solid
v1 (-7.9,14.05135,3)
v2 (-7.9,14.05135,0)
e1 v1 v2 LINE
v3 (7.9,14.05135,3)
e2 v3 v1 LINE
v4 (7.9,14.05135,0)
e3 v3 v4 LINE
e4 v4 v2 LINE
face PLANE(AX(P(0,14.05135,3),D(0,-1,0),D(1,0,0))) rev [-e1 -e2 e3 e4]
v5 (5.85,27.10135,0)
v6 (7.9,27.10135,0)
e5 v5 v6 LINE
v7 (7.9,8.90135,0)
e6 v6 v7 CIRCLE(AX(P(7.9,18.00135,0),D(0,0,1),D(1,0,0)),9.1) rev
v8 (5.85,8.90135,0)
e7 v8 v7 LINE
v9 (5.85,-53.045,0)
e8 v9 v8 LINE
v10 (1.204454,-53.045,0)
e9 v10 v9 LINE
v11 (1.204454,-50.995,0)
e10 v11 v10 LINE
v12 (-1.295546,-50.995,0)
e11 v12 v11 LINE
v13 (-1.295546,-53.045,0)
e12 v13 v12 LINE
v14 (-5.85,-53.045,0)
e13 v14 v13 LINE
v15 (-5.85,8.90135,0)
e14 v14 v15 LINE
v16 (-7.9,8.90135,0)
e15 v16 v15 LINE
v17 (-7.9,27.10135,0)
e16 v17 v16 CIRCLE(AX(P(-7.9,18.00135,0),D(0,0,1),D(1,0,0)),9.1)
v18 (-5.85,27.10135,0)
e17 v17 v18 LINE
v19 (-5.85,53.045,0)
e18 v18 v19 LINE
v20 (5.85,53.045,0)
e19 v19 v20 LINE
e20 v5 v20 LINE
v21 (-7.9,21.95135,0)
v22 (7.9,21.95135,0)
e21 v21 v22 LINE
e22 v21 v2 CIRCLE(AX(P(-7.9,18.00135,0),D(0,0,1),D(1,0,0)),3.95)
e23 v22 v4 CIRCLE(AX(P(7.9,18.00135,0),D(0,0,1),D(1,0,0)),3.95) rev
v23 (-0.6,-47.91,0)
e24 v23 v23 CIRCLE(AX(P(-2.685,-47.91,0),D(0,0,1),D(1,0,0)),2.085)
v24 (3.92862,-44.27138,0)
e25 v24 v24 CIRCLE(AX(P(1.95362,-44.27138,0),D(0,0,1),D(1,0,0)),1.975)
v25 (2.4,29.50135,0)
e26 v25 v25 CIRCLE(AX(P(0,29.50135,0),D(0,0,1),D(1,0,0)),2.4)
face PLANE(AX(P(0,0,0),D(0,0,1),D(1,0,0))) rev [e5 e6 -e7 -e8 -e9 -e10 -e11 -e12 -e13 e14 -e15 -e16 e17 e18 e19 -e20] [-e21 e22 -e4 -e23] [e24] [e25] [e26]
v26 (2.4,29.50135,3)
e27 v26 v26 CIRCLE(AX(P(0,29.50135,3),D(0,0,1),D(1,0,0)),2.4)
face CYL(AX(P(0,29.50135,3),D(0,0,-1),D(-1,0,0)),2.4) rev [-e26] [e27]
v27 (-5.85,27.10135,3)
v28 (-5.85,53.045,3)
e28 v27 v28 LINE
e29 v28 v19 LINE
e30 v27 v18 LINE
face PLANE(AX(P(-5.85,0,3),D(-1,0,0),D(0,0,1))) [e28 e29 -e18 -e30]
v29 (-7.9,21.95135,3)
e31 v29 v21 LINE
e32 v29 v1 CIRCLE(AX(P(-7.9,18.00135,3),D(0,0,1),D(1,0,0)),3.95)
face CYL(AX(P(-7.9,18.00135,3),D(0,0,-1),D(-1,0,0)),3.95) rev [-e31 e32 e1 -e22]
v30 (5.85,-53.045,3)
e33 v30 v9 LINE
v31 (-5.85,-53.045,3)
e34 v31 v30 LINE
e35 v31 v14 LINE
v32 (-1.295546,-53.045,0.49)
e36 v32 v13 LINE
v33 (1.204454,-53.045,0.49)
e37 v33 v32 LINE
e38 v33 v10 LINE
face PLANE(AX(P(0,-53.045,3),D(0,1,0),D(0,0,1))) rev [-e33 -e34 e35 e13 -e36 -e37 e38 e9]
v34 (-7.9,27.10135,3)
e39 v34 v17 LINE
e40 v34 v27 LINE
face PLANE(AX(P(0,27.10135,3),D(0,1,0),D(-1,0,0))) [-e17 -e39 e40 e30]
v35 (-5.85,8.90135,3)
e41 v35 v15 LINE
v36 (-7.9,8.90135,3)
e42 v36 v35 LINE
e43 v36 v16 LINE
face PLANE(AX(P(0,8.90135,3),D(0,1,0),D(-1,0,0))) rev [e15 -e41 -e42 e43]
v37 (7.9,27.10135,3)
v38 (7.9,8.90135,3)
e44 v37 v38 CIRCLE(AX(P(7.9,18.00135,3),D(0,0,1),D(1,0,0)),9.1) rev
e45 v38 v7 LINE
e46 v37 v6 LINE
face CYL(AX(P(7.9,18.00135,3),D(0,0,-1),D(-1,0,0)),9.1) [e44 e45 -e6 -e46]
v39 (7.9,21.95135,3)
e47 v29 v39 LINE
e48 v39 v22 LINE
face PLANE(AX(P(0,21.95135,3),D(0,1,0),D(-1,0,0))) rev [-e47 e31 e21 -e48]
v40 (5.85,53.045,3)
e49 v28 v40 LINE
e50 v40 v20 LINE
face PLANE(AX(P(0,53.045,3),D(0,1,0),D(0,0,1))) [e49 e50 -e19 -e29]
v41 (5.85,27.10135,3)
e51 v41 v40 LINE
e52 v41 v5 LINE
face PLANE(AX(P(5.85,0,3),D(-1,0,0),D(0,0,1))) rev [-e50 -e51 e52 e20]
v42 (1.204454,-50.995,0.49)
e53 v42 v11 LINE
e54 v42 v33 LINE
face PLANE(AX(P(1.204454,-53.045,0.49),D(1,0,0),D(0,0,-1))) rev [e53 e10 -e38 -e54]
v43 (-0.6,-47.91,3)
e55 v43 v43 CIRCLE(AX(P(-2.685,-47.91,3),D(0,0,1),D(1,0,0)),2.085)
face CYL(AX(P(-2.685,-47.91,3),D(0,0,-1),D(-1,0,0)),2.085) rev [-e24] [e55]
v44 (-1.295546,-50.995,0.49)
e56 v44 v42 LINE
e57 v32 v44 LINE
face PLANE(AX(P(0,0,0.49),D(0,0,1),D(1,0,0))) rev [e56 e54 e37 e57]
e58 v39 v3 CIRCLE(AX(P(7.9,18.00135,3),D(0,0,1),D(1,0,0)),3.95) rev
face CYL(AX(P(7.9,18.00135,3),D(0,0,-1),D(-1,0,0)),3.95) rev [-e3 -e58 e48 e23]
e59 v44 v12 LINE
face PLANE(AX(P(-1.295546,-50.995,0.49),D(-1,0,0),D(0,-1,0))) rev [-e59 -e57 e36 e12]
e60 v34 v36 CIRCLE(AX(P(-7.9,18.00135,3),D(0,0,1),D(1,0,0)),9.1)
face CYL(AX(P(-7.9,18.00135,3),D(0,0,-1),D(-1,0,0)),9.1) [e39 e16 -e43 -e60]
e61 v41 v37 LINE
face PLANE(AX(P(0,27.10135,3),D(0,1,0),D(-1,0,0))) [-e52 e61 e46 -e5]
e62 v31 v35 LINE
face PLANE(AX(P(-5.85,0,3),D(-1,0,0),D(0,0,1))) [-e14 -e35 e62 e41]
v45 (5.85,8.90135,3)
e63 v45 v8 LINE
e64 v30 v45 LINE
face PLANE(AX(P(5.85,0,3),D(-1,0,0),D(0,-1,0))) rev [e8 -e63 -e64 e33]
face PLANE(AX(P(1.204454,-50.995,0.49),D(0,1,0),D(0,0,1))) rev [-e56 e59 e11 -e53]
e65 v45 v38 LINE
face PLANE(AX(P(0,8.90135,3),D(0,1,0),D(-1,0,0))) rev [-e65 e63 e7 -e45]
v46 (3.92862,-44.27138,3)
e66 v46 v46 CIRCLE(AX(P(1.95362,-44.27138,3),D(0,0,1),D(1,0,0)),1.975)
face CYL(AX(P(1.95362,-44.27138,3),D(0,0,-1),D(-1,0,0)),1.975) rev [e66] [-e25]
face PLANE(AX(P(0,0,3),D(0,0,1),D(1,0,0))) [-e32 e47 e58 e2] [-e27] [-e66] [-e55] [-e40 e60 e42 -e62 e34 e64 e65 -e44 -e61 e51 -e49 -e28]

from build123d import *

# Parameters (mm, degrees)
SKETCH1_R           = 2.085
SKETCH1_R_2         = 1.975
SKETCH1_R_3         = 2.4
BOSS_EXTRUDE1_DEPTH = 3
SKETCH2_W           = 2.5
SKETCH2_H           = 2.05
CUT_EXTRUDE1_DEPTH  = 0.49


with BuildPart() as part:
    # Sketch1 → Boss-Extrude1 (new body)
    with BuildSketch(Plane.XY):
        with BuildLine():
            Line((-5.85, 53.045), (-5.85, 27.101350435))
            Line((-5.85, 27.101350435), (-7.9, 27.101350435))
            ThreePointArc((-7.9, 27.101350435), (-17, 18.001350435), (-7.9, 8.901350435))
            Line((-7.9, 8.901350435), (-5.85, 8.901350435))
            Line((-5.85, 8.901350435), (-5.85, -53.045))
            Line((-5.85, -53.045), (-2.685, -53.045))
            Line((-2.685, -53.045), (5.85, -53.045))
            Line((5.85, -53.045), (5.85, 8.901350435))
            Line((5.85, 8.901350435), (7.9, 8.901350435))
            ThreePointArc((7.9, 8.901350435), (17, 18.001350435), (7.9, 27.101350435))
            Line((7.9, 27.101350435), (5.85, 27.101350435))
            Line((5.85, 27.101350435), (5.85, 53.045))
            Line((5.85, 53.045), (-5.85, 53.045))
        make_face()
        with Locations((-2.685, -47.91)):
            Circle(SKETCH1_R, mode=Mode.SUBTRACT)
        with Locations((1.953620485, -44.271379515)):
            Circle(SKETCH1_R_2, mode=Mode.SUBTRACT)
        with BuildLine():
            Line((-7.9, 21.951350435), (7.9, 21.951350435))
            ThreePointArc((7.9, 21.951350435), (11.85, 18.001350435), (7.9, 14.051350435))
            Line((7.9, 14.051350435), (-7.9, 14.051350435))
            ThreePointArc((-7.9, 14.051350435), (-11.85, 18.001350435), (-7.9, 21.951350435))
        make_face(mode=Mode.SUBTRACT)
        with Locations((0, 29.501350435)):
            Circle(SKETCH1_R_3, mode=Mode.SUBTRACT)
    extrude(amount=BOSS_EXTRUDE1_DEPTH)

    # Sketch2 → Cut-Extrude1 (cut)
    with BuildSketch(Plane(origin=(0, 0, 0), x_dir=(-1, 0, 0), z_dir=(0, 0, -1))):
        with Locations((0.045545975, -52.02)):
            Rectangle(SKETCH2_W, SKETCH2_H)
    extrude(amount=-CUT_EXTRUDE1_DEPTH, mode=Mode.SUBTRACT)


solid = part.part
